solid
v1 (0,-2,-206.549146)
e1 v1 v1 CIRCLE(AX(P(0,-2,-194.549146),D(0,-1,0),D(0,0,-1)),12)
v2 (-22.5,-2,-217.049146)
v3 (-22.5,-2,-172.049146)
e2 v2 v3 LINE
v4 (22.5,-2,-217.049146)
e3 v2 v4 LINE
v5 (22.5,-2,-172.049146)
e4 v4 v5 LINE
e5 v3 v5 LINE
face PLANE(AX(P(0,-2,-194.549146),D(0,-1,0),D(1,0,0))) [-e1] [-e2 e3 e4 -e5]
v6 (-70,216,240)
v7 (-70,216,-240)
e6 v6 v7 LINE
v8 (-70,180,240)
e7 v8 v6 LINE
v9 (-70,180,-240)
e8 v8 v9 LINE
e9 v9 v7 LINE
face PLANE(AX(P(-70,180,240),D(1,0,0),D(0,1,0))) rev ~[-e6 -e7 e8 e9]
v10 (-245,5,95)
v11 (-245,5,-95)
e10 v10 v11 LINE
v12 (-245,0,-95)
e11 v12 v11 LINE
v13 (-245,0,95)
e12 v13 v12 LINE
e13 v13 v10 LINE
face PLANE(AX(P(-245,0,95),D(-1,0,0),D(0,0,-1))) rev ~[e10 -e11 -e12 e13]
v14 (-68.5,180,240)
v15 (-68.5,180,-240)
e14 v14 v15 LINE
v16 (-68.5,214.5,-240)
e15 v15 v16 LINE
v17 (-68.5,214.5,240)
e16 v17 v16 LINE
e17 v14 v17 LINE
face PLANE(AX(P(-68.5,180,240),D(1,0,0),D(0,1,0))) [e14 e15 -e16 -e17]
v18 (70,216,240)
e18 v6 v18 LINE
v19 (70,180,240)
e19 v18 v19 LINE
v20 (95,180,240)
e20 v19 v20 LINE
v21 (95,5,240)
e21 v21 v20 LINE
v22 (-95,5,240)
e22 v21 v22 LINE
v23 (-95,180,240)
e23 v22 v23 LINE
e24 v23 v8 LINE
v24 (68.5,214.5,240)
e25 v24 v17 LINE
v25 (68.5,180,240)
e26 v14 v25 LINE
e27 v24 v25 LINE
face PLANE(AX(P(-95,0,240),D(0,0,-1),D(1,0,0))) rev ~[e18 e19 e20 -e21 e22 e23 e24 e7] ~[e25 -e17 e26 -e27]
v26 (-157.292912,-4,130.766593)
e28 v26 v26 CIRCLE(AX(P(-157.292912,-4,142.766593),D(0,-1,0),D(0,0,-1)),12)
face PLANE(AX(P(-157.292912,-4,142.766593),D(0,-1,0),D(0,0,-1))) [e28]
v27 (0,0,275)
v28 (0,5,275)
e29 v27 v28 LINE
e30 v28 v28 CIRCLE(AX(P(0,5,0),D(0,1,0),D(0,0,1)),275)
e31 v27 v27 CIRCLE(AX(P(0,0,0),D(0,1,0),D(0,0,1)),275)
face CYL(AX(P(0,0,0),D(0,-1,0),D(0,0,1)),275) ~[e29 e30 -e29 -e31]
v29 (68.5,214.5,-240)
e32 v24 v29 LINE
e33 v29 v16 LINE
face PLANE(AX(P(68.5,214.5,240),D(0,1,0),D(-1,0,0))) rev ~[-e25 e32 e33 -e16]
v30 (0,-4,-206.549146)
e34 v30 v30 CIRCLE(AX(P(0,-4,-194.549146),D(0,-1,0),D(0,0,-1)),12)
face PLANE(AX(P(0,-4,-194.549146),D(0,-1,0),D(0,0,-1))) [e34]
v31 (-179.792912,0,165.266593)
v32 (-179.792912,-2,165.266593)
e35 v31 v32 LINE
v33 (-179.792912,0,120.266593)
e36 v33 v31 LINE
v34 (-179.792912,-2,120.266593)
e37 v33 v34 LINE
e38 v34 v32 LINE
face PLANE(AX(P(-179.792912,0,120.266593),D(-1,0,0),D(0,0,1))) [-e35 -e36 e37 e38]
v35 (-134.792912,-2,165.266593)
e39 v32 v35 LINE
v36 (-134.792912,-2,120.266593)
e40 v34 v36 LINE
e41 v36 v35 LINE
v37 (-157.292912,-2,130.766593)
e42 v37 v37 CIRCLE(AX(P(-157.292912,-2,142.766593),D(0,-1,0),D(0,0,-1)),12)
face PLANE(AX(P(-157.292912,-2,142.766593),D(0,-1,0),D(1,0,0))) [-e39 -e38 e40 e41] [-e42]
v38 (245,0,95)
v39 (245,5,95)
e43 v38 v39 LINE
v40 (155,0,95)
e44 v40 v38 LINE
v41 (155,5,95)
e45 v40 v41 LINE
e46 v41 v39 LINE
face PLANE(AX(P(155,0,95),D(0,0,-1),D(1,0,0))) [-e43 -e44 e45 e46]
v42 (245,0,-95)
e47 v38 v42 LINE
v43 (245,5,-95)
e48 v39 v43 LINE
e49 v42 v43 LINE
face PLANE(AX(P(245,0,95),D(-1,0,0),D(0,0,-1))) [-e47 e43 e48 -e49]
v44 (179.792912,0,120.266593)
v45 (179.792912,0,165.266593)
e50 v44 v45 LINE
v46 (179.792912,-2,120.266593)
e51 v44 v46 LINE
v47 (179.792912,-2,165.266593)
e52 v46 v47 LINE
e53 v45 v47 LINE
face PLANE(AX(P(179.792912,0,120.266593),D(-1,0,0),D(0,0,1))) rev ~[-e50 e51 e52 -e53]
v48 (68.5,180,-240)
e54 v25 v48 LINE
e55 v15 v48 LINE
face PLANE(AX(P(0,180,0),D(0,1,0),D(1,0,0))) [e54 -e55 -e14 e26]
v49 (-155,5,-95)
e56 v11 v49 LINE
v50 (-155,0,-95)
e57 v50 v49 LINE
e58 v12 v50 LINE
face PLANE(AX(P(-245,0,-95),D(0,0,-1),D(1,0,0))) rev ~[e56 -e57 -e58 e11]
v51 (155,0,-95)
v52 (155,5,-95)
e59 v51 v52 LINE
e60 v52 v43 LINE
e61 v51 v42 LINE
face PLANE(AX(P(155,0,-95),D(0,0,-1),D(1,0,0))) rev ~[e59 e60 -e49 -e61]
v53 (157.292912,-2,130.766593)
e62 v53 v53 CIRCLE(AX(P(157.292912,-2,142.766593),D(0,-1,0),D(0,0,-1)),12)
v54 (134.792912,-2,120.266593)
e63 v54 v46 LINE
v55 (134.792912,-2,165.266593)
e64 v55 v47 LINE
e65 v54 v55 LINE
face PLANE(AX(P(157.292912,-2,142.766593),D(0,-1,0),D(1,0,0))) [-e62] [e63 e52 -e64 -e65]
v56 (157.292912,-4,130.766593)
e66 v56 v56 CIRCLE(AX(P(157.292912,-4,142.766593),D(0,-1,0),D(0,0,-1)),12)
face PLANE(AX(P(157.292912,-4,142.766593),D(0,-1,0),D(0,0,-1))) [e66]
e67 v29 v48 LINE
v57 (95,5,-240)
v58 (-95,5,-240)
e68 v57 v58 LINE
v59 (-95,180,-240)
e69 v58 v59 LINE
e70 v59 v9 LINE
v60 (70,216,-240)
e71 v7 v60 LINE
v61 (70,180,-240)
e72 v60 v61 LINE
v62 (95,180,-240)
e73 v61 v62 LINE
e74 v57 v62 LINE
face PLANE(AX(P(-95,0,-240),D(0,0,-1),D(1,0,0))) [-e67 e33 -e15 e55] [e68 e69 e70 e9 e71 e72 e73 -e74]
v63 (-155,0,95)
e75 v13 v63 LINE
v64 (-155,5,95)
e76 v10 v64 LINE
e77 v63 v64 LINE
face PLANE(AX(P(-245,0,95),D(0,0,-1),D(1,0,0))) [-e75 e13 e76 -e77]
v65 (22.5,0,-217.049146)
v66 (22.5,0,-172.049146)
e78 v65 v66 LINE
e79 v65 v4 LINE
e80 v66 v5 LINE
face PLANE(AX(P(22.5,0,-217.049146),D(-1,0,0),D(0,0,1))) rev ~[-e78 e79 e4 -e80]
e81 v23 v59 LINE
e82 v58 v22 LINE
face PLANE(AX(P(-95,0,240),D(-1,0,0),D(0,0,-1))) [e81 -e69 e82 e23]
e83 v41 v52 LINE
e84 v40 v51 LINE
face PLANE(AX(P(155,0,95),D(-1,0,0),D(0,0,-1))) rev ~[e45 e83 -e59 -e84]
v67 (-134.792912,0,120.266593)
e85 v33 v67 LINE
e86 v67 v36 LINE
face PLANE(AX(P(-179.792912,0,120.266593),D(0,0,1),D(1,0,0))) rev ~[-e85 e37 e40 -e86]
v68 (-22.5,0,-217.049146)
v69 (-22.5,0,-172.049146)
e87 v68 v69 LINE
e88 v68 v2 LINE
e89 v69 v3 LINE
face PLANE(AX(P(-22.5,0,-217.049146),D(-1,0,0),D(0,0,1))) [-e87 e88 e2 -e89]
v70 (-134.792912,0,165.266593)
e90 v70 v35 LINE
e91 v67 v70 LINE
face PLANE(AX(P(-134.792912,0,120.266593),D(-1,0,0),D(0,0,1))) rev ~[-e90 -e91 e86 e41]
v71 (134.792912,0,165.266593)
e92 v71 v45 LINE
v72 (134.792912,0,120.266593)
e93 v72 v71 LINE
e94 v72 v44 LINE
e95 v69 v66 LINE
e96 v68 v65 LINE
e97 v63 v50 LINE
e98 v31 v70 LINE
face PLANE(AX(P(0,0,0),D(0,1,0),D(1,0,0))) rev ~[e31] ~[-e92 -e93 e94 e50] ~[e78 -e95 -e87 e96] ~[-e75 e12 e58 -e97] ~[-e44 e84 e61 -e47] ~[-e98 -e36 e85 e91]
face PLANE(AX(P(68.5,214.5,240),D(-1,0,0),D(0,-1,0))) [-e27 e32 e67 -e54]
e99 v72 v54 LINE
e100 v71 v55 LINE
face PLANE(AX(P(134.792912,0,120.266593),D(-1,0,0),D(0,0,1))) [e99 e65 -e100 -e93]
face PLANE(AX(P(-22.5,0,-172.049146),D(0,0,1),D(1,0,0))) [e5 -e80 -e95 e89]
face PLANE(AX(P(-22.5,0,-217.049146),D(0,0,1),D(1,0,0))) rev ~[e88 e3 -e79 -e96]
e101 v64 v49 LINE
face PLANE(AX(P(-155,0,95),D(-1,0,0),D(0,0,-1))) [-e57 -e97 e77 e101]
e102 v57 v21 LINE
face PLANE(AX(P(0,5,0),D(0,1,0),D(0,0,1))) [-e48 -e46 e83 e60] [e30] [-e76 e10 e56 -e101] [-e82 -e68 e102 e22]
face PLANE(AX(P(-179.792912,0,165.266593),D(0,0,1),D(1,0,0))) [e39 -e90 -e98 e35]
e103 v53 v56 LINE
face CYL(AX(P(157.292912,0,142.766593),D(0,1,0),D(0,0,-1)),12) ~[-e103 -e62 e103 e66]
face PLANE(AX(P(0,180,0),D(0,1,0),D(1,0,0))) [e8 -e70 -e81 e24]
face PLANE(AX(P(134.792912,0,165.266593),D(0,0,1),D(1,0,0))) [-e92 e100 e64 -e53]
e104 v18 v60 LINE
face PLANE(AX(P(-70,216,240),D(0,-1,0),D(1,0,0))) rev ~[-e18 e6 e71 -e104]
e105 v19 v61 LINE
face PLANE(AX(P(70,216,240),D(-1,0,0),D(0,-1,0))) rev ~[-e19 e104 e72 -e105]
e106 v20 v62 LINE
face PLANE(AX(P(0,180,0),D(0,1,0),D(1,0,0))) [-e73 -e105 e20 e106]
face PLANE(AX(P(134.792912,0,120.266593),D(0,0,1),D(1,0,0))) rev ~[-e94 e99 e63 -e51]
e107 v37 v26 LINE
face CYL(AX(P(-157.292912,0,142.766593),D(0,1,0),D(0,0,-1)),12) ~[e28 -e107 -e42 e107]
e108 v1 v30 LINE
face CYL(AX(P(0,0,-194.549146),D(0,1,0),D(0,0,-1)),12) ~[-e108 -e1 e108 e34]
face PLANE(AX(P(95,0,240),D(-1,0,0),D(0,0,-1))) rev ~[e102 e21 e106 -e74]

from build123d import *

# Parameters (mm, degrees)
SKETCH_1_R      = 275
SKETCH_1_W      = 90
SKETCH_1_H      = 190
EXTRUDE_1_DEPTH = 5
SKETCH_1_4_W    = 190
SKETCH_1_4_H    = 480
EXTRUDE_2_DEPTH = 180
EXTRUDE_3_DEPTH = 480
SKETCH_5_W      = 45
SKETCH_5_H      = 45
SKETCH_5_R      = 12
EXTRUDE_4_DEPTH = 2
SKETCH_5_3_R    = 12
EXTRUDE_5_DEPTH = 4


with BuildPart() as part:
    # 草图1 → 凸台-拉伸1 (new body)
    with BuildSketch(Plane(origin=(0, 0, 0), x_dir=(1, 0, 0), z_dir=(0, 1, 0))):
        with Locations(Location((0, 0, 0), (0, 0, 270))):
            Circle(SKETCH_1_R)
        with Locations((-200, 0)):
            Rectangle(SKETCH_1_W, SKETCH_1_H, mode=Mode.SUBTRACT)
        with Locations((200, 0)):
            Rectangle(SKETCH_1_W, SKETCH_1_H, mode=Mode.SUBTRACT)
    extrude(amount=EXTRUDE_1_DEPTH)

    # 草图1<4> → 凸台-拉伸2 (add)
    with BuildSketch(Plane(origin=(0, 0, 0), x_dir=(1, 0, 0), z_dir=(0, 1, 0))):
        Rectangle(SKETCH_1_4_W, SKETCH_1_4_H)
    extrude(amount=EXTRUDE_2_DEPTH)

    # 草图2 → 凸台-拉伸3 (add)
    with BuildSketch(Plane.XY.offset(240)):
        Polygon((-68.5, 214.5), (-68.5, 181.5), (-68.5, 180), (-70, 180), (-70, 216), (70, 216), (70, 180), (68.5, 180), (68.5, 181.5), (68.5, 214.5), align=None)
    extrude(amount=-EXTRUDE_3_DEPTH)

    # 草图5 → 凸台-拉伸4 (add)
    # profile 1 of 3: a face of its own
    with BuildSketch(Plane.XZ):
        with Locations((-157.292912236, 142.766592664)):
            Rectangle(SKETCH_5_W, SKETCH_5_H)
        with Locations(Location((-157.292912236, 142.766592664, 0), (0, 0, 270))):
            Circle(SKETCH_5_R, mode=Mode.SUBTRACT)
    # profile 2 of 3: a face of its own
    with BuildSketch(Plane.XZ):
        with Locations((157.292912236, 142.766592664)):
            Rectangle(SKETCH_5_W, SKETCH_5_H)
        with Locations(Location((157.292912236, 142.766592664, 0), (0, 0, 270))):
            Circle(SKETCH_5_R, mode=Mode.SUBTRACT)
    # profile 3 of 3: a face of its own
    with BuildSketch(Plane.XZ):
        with Locations((0, -194.549146173)):
            Rectangle(SKETCH_5_W, SKETCH_5_H)
        with Locations(Location((0, -194.549146173, 0), (0, 0, 270))):
            Circle(SKETCH_5_R, mode=Mode.SUBTRACT)
    extrude(amount=EXTRUDE_4_DEPTH)

    # 草图5<3> → 凸台-拉伸5 (add)
    with BuildSketch(Plane.XZ):
        with Locations(Location((-157.292912236, 142.766592664, 0), (0, 0, 270))):
            Circle(SKETCH_5_3_R)
        with Locations(Location((0, -194.549146173, 0), (0, 0, 270))):
            Circle(SKETCH_5_3_R)
        with Locations(Location((157.292912236, 142.766592664, 0), (0, 0, 270))):
            Circle(SKETCH_5_3_R)
    extrude(amount=EXTRUDE_5_DEPTH)


solid = part.part
